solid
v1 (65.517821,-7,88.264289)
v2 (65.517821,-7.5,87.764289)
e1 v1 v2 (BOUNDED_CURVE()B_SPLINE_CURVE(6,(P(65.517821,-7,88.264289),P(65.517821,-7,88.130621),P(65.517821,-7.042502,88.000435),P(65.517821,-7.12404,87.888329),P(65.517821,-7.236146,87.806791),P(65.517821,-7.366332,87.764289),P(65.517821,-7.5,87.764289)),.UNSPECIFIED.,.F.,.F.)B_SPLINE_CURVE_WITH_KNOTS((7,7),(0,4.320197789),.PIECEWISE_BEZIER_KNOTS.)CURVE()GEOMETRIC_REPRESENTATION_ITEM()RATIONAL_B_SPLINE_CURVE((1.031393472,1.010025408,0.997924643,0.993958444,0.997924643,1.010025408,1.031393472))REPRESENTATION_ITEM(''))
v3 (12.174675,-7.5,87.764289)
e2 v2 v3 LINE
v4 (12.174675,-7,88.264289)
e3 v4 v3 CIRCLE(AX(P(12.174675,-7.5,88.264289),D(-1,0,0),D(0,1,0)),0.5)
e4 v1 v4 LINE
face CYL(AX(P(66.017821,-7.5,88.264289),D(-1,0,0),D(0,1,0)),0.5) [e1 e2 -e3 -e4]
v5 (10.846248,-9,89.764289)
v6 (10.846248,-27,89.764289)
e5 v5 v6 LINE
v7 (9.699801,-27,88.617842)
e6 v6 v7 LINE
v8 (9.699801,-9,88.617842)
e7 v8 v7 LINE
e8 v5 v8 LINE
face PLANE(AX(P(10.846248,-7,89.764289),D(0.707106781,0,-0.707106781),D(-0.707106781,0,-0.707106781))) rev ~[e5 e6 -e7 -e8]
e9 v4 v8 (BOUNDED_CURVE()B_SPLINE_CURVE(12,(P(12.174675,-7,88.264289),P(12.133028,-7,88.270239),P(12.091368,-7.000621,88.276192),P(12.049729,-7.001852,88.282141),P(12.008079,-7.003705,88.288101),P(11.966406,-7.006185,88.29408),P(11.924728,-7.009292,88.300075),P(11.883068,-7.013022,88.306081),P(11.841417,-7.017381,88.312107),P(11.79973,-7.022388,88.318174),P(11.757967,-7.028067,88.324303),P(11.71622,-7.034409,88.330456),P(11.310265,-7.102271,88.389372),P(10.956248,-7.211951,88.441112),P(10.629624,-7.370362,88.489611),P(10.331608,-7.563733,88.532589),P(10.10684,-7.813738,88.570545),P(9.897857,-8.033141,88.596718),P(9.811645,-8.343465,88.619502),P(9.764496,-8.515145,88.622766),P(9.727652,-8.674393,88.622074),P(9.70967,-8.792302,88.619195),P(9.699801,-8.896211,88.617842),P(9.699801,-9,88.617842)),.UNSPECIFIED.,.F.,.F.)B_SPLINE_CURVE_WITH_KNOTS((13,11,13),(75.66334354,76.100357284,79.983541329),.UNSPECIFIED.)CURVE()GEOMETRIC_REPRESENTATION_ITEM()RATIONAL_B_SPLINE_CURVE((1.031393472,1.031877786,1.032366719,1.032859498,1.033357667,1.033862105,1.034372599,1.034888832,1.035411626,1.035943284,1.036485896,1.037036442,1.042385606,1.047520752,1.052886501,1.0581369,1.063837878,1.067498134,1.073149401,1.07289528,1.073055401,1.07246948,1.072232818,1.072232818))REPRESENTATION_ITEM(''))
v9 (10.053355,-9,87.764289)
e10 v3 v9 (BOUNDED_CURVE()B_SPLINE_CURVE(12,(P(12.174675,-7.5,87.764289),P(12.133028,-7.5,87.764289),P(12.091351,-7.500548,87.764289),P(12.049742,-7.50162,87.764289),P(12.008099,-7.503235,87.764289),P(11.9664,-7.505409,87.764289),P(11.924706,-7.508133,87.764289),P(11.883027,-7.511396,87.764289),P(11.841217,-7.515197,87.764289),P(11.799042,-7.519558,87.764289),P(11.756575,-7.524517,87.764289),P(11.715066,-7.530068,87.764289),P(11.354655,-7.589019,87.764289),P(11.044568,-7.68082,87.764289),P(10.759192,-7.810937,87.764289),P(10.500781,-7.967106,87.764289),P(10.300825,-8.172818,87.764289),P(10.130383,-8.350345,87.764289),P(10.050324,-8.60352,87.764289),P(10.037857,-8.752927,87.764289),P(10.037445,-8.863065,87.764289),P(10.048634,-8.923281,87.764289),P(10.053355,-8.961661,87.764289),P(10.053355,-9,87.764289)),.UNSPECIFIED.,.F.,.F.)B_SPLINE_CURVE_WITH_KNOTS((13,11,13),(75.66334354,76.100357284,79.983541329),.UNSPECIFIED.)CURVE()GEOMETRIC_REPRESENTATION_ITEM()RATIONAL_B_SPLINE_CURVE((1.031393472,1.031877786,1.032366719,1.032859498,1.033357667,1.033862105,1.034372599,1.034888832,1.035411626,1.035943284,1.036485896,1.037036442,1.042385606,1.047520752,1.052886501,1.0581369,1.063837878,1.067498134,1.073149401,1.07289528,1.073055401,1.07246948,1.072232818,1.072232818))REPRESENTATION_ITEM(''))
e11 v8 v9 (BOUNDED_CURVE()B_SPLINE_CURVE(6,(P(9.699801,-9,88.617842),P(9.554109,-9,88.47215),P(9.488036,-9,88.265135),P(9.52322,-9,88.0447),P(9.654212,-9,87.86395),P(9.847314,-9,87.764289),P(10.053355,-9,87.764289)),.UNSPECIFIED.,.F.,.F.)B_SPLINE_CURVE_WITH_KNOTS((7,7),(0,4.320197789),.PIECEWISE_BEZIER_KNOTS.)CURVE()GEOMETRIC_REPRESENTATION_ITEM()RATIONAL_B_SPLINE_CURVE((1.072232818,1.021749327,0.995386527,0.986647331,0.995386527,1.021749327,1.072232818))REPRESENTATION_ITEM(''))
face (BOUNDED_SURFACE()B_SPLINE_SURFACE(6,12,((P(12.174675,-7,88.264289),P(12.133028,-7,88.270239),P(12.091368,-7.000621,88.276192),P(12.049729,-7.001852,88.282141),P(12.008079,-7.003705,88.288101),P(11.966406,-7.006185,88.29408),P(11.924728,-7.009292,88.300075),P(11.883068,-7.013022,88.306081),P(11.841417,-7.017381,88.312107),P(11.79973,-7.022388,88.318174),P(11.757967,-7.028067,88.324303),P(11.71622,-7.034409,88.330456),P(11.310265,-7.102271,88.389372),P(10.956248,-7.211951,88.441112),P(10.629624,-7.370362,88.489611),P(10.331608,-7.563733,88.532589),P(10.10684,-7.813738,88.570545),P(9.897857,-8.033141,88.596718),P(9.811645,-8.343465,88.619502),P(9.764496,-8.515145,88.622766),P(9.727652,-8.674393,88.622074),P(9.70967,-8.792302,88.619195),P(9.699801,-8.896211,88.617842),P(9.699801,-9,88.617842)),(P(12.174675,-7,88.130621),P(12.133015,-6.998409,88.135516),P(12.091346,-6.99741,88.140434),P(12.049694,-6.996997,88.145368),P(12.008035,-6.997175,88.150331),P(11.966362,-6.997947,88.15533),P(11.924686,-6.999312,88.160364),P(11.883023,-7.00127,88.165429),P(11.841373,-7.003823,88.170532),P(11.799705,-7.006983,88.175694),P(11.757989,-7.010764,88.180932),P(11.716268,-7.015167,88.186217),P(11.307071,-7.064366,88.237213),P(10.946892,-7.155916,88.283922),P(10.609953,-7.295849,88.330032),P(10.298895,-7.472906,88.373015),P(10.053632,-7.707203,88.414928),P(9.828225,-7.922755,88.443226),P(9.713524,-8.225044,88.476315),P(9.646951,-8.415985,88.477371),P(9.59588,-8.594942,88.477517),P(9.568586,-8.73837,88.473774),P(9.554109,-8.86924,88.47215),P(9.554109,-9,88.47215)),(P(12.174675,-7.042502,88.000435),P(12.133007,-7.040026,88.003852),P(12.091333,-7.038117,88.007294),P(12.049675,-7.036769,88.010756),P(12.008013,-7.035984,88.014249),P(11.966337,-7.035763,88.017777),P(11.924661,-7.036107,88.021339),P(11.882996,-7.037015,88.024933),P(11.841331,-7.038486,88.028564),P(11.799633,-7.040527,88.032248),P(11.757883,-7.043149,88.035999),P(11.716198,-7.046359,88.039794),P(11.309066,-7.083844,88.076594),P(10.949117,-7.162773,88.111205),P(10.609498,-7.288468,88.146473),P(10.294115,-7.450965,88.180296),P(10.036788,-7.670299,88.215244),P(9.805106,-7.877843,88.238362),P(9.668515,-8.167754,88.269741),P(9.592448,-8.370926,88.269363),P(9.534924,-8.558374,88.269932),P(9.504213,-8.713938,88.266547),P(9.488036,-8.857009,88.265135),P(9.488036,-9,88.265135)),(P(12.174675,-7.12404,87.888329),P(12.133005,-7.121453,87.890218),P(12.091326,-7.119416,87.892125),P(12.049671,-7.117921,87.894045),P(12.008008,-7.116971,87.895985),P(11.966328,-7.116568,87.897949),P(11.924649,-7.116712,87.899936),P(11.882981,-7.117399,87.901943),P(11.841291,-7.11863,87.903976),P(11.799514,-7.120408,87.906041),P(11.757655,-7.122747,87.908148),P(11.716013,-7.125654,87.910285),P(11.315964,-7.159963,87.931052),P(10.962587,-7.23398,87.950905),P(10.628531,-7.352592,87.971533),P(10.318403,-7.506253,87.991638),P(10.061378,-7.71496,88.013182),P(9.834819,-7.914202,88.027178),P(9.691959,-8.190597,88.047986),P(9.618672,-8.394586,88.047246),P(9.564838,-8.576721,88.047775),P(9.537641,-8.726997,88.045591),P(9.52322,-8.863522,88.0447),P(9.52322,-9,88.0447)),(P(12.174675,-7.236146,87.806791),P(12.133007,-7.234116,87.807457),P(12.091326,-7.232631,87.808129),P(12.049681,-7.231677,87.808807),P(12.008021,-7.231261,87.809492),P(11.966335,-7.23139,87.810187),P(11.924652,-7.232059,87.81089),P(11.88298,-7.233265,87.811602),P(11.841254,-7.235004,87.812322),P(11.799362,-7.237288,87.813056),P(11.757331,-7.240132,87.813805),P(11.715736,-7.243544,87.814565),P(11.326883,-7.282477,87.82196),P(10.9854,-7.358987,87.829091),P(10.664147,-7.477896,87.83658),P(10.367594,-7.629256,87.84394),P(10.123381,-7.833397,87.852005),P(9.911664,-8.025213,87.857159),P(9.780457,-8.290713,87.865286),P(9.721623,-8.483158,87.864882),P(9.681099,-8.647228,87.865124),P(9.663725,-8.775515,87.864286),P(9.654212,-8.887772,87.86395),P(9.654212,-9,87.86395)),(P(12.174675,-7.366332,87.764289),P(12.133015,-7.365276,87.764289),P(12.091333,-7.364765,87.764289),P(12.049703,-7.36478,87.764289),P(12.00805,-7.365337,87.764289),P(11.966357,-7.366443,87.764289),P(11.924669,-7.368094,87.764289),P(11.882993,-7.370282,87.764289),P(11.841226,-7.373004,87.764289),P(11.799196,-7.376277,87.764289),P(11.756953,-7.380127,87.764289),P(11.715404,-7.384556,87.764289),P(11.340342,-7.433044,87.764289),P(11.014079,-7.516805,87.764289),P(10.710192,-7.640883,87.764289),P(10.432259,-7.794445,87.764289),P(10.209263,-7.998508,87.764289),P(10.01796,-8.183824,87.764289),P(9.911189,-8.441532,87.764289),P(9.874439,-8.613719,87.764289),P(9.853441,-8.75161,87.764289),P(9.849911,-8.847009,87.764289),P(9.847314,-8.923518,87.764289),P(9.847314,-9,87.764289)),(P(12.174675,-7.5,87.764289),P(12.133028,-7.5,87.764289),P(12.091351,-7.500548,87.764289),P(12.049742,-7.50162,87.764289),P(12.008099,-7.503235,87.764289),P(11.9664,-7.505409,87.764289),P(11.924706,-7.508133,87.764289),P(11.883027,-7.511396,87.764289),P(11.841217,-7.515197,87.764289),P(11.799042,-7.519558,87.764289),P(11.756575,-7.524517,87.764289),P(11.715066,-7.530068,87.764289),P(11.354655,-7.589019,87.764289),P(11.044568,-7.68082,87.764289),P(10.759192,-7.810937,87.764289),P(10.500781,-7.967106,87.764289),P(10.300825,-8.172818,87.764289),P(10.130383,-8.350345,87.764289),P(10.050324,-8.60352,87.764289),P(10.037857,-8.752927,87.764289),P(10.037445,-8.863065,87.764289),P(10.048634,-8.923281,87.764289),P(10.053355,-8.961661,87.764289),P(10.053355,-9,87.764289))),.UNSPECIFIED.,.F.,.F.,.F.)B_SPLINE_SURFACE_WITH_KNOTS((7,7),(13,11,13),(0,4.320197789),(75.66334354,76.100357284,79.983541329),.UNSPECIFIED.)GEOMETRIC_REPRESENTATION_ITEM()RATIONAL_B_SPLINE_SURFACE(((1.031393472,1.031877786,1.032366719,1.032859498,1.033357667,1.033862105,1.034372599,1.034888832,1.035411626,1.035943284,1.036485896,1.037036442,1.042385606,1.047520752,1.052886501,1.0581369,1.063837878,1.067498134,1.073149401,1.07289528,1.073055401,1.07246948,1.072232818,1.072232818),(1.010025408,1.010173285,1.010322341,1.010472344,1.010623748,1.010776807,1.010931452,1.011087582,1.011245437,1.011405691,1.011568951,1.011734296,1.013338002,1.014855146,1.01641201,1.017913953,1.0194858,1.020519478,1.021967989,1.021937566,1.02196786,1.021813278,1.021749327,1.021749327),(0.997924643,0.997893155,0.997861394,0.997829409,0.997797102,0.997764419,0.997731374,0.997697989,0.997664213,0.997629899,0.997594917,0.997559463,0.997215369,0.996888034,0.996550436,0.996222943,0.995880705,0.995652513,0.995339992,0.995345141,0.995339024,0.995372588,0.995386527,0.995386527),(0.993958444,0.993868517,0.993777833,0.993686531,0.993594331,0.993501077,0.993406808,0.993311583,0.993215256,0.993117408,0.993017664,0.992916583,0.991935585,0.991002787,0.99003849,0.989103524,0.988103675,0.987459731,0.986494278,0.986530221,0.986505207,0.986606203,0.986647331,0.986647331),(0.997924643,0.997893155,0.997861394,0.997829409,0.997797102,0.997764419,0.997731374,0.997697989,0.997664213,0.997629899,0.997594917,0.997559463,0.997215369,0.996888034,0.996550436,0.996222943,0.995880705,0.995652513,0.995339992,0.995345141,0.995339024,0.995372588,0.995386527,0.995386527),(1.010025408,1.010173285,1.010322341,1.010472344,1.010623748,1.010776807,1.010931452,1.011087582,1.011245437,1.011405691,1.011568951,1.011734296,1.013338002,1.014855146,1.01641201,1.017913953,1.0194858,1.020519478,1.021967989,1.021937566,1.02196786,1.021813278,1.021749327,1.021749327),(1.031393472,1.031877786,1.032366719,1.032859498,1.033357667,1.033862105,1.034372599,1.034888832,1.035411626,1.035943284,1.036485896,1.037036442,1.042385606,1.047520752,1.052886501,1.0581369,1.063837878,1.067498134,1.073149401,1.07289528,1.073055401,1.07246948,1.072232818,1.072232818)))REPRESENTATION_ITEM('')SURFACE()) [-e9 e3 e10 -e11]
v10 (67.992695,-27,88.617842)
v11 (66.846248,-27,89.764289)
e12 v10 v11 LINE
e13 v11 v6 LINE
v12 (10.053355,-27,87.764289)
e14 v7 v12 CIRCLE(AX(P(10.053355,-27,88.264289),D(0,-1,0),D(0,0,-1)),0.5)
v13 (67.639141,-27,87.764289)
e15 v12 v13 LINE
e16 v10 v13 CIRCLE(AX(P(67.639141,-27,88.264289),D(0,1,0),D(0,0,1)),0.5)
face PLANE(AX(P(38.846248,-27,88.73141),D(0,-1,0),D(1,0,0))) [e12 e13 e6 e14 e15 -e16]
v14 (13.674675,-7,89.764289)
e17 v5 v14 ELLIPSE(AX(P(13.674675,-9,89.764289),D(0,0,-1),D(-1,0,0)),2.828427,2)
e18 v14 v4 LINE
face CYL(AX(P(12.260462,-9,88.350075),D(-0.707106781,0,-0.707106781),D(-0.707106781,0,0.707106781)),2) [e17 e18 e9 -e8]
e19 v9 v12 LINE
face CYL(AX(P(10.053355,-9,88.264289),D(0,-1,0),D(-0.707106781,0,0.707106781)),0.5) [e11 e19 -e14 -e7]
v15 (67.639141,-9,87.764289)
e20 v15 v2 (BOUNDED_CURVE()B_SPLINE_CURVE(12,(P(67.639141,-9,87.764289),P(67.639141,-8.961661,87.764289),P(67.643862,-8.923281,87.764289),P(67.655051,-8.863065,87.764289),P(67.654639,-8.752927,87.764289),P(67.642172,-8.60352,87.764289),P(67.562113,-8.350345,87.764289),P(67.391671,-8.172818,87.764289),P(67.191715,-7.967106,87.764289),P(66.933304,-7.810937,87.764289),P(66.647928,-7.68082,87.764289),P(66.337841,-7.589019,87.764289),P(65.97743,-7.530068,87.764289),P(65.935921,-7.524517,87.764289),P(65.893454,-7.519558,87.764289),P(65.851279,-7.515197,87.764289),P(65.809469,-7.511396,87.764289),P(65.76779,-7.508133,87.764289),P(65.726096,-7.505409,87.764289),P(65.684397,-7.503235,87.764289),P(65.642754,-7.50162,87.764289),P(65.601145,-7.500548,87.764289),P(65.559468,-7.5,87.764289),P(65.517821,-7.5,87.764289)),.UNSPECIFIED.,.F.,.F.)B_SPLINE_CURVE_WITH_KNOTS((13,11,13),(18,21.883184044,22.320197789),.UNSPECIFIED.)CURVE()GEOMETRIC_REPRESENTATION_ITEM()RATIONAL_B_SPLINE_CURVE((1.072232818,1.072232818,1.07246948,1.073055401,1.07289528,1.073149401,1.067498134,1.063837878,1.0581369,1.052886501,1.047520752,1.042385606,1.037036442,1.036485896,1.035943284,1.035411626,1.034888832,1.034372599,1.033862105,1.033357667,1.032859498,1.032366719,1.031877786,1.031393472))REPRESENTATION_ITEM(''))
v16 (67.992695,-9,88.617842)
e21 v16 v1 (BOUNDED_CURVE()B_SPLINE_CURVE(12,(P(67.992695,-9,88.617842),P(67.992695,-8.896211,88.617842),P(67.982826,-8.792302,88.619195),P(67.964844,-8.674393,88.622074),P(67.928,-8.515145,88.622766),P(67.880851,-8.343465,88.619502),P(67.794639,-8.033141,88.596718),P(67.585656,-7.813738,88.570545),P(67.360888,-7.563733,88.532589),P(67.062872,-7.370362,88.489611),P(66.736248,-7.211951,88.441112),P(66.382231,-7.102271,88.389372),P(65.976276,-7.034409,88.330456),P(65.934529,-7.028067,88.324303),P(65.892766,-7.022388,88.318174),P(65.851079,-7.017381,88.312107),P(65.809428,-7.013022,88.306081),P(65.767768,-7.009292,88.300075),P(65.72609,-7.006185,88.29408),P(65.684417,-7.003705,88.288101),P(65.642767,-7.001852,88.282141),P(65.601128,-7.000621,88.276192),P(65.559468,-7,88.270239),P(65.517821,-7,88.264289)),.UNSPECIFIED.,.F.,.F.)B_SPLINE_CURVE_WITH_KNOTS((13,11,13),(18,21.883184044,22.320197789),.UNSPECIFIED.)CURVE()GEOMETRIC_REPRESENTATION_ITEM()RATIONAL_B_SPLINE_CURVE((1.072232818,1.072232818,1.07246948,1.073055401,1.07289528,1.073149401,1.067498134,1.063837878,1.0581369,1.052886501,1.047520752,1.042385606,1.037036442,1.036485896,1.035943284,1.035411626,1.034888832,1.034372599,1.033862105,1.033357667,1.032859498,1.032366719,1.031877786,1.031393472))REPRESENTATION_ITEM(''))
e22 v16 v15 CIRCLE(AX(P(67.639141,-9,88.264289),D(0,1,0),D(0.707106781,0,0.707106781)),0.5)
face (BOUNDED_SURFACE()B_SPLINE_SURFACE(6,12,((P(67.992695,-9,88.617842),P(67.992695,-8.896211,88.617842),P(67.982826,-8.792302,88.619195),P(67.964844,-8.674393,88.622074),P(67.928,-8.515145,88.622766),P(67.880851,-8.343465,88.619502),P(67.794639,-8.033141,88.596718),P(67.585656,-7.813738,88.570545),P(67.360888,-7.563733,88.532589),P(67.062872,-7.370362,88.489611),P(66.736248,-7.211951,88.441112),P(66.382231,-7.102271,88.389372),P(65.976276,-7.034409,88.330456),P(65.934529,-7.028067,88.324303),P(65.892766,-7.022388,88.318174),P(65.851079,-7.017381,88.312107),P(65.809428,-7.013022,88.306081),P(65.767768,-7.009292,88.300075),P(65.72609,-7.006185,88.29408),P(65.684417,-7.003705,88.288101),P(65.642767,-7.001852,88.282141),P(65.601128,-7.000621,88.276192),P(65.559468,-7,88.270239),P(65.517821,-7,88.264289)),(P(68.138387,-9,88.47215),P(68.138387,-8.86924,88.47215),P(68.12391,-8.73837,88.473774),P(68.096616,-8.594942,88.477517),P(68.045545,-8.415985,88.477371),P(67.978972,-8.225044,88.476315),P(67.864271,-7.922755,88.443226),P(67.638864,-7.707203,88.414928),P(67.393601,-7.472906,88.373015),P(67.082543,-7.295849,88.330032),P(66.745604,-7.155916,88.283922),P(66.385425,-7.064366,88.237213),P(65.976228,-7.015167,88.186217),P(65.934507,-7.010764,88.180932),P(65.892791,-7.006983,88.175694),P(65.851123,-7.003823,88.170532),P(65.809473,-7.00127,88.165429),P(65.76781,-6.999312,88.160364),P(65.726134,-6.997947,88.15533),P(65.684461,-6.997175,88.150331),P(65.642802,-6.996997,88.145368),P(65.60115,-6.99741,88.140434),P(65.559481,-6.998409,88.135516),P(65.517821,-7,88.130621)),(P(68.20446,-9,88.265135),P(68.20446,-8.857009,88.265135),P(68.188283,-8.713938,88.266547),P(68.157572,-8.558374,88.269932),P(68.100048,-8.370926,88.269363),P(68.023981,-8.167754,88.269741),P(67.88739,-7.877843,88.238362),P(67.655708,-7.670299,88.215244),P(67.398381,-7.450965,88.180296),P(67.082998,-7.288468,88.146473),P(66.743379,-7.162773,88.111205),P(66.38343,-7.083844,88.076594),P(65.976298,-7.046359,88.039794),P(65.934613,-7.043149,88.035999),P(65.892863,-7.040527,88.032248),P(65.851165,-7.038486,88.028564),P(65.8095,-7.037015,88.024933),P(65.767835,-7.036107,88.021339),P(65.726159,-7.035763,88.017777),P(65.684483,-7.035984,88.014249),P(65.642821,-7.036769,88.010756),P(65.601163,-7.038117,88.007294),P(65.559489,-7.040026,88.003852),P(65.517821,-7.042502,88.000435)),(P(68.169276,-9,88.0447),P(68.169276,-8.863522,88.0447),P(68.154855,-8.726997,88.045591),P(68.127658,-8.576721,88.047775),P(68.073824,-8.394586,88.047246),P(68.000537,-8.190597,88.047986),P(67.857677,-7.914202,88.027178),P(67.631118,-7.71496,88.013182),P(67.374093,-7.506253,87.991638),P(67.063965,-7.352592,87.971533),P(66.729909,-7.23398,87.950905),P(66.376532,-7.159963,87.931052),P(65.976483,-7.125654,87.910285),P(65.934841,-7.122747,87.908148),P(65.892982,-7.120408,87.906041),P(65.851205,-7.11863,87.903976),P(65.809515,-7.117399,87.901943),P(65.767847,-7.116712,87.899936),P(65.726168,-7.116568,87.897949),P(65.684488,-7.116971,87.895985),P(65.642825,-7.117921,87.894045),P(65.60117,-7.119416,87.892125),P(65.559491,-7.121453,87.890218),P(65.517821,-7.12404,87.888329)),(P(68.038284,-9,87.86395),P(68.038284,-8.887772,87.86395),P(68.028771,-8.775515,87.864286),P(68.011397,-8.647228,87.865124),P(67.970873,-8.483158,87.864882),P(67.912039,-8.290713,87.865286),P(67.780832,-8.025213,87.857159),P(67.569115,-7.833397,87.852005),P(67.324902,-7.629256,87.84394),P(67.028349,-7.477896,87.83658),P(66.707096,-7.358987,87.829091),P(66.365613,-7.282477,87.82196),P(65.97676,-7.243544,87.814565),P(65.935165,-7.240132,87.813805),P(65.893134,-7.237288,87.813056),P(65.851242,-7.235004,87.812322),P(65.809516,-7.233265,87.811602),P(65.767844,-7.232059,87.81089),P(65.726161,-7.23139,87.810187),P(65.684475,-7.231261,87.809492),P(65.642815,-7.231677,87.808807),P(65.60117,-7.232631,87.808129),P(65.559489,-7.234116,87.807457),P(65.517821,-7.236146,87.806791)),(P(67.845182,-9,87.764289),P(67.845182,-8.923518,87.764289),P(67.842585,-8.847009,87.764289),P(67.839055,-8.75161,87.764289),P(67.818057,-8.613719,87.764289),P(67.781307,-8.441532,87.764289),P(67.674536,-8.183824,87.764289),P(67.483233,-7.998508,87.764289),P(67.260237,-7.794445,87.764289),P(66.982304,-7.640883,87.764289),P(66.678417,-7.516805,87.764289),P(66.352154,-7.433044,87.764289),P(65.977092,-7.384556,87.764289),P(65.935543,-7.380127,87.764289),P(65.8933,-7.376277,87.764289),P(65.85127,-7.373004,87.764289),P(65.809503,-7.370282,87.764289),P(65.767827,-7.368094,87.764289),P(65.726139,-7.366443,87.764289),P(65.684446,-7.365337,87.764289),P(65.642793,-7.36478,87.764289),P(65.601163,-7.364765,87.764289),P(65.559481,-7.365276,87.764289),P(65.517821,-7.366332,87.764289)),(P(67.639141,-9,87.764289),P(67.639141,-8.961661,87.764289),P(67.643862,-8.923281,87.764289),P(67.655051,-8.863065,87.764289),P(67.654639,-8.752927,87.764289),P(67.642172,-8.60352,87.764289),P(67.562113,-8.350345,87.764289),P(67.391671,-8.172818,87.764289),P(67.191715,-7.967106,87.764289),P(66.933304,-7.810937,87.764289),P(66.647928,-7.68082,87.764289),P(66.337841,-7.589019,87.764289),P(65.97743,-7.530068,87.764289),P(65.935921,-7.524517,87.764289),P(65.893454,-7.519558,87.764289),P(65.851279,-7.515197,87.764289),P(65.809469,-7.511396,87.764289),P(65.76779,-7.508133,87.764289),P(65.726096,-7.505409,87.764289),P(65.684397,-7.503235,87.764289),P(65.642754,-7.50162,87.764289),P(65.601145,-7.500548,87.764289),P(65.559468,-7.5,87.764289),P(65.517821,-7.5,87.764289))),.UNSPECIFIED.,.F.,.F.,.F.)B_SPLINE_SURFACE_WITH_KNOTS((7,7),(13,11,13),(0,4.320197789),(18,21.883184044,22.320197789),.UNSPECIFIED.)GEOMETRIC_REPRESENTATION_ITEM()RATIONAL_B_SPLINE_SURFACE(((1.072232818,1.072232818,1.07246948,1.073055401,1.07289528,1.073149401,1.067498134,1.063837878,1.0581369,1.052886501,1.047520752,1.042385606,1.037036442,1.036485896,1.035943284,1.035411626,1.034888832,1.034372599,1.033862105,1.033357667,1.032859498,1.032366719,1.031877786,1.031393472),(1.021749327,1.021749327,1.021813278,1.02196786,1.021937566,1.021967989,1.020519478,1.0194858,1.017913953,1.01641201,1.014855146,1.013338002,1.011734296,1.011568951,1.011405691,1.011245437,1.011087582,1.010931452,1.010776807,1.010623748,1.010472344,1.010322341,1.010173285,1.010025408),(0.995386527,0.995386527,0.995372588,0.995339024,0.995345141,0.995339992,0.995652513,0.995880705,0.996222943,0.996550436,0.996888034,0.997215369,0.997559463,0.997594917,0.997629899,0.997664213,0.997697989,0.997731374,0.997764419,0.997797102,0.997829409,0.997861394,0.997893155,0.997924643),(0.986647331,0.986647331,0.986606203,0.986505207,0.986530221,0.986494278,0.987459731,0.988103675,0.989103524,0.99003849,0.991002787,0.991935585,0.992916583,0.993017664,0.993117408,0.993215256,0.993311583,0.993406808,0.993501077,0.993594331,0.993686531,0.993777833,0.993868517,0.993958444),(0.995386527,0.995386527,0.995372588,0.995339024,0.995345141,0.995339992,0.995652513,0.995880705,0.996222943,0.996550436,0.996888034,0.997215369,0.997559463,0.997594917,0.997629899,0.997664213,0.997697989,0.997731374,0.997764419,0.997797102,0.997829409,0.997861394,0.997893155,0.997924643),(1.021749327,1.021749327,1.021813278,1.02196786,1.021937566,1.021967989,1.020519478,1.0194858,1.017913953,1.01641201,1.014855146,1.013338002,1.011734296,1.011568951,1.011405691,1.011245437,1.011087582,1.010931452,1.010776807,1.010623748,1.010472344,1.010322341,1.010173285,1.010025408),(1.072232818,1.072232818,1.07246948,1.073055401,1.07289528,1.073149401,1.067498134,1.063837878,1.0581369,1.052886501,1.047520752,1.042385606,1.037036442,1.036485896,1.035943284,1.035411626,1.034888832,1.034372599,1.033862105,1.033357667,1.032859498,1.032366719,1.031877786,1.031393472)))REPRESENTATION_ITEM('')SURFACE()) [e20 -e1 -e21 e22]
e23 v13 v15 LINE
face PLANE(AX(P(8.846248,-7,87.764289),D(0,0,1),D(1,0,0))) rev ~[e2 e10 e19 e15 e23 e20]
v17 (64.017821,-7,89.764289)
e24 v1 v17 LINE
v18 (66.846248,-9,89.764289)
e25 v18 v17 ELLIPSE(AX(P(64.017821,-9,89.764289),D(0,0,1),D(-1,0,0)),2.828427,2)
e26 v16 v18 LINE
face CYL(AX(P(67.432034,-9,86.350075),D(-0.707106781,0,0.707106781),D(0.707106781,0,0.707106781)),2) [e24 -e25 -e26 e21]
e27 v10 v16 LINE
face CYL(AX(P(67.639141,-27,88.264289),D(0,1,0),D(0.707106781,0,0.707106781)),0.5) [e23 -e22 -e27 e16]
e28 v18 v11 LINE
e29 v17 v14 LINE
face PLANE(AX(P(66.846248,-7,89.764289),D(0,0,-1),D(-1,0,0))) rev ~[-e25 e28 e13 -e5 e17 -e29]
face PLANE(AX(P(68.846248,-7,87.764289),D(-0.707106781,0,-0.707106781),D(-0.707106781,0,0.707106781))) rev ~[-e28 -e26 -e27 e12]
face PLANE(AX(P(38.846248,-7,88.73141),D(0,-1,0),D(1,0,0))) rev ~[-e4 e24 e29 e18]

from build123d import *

# Parameters (mm, degrees)
EXTRUDE006_DEPTH = 20
FILLET025_R      = 2
FILLET026_R      = 0.5


with BuildPart() as part:
    # Sketch008 → Extrude006 (new body)
    with BuildSketch(Plane.XZ):
        Polygon((10.846248, 101.514289), (8.846248, 99.514289), (68.846248, 99.514289), (66.846248, 101.514289), align=None)
    extrude(amount=EXTRUDE006_DEPTH)


with BuildPart() as part_1:
    # Extrude006 placement: moved
    add(part.part.moved(Location((0.5, -6.5, -11.5))))

    # Fillet025
    fillet025_edges = [part_1.edges().sort_by_distance(p)[0] for p in [
        (10.346248, -6.5, 89.014289),
        (68.346248, -6.5, 89.014289),
    ]]
    fillet(fillet025_edges, radius=FILLET025_R)

    # Fillet026
    fillet026_edges = [part_1.edges().sort_by_distance(p)[0] for p in [
        (9.346248, -17.5, 88.014289),
        (69.346248, -17.5, 88.014289),
    ]]
    fillet(fillet026_edges, radius=FILLET026_R)


with BuildPart() as part_2:
    # Fillet026 placement: moved
    add(part_1.part.moved(Location((-0.5, -0.5, -0.25))))


solid = part_2.part
